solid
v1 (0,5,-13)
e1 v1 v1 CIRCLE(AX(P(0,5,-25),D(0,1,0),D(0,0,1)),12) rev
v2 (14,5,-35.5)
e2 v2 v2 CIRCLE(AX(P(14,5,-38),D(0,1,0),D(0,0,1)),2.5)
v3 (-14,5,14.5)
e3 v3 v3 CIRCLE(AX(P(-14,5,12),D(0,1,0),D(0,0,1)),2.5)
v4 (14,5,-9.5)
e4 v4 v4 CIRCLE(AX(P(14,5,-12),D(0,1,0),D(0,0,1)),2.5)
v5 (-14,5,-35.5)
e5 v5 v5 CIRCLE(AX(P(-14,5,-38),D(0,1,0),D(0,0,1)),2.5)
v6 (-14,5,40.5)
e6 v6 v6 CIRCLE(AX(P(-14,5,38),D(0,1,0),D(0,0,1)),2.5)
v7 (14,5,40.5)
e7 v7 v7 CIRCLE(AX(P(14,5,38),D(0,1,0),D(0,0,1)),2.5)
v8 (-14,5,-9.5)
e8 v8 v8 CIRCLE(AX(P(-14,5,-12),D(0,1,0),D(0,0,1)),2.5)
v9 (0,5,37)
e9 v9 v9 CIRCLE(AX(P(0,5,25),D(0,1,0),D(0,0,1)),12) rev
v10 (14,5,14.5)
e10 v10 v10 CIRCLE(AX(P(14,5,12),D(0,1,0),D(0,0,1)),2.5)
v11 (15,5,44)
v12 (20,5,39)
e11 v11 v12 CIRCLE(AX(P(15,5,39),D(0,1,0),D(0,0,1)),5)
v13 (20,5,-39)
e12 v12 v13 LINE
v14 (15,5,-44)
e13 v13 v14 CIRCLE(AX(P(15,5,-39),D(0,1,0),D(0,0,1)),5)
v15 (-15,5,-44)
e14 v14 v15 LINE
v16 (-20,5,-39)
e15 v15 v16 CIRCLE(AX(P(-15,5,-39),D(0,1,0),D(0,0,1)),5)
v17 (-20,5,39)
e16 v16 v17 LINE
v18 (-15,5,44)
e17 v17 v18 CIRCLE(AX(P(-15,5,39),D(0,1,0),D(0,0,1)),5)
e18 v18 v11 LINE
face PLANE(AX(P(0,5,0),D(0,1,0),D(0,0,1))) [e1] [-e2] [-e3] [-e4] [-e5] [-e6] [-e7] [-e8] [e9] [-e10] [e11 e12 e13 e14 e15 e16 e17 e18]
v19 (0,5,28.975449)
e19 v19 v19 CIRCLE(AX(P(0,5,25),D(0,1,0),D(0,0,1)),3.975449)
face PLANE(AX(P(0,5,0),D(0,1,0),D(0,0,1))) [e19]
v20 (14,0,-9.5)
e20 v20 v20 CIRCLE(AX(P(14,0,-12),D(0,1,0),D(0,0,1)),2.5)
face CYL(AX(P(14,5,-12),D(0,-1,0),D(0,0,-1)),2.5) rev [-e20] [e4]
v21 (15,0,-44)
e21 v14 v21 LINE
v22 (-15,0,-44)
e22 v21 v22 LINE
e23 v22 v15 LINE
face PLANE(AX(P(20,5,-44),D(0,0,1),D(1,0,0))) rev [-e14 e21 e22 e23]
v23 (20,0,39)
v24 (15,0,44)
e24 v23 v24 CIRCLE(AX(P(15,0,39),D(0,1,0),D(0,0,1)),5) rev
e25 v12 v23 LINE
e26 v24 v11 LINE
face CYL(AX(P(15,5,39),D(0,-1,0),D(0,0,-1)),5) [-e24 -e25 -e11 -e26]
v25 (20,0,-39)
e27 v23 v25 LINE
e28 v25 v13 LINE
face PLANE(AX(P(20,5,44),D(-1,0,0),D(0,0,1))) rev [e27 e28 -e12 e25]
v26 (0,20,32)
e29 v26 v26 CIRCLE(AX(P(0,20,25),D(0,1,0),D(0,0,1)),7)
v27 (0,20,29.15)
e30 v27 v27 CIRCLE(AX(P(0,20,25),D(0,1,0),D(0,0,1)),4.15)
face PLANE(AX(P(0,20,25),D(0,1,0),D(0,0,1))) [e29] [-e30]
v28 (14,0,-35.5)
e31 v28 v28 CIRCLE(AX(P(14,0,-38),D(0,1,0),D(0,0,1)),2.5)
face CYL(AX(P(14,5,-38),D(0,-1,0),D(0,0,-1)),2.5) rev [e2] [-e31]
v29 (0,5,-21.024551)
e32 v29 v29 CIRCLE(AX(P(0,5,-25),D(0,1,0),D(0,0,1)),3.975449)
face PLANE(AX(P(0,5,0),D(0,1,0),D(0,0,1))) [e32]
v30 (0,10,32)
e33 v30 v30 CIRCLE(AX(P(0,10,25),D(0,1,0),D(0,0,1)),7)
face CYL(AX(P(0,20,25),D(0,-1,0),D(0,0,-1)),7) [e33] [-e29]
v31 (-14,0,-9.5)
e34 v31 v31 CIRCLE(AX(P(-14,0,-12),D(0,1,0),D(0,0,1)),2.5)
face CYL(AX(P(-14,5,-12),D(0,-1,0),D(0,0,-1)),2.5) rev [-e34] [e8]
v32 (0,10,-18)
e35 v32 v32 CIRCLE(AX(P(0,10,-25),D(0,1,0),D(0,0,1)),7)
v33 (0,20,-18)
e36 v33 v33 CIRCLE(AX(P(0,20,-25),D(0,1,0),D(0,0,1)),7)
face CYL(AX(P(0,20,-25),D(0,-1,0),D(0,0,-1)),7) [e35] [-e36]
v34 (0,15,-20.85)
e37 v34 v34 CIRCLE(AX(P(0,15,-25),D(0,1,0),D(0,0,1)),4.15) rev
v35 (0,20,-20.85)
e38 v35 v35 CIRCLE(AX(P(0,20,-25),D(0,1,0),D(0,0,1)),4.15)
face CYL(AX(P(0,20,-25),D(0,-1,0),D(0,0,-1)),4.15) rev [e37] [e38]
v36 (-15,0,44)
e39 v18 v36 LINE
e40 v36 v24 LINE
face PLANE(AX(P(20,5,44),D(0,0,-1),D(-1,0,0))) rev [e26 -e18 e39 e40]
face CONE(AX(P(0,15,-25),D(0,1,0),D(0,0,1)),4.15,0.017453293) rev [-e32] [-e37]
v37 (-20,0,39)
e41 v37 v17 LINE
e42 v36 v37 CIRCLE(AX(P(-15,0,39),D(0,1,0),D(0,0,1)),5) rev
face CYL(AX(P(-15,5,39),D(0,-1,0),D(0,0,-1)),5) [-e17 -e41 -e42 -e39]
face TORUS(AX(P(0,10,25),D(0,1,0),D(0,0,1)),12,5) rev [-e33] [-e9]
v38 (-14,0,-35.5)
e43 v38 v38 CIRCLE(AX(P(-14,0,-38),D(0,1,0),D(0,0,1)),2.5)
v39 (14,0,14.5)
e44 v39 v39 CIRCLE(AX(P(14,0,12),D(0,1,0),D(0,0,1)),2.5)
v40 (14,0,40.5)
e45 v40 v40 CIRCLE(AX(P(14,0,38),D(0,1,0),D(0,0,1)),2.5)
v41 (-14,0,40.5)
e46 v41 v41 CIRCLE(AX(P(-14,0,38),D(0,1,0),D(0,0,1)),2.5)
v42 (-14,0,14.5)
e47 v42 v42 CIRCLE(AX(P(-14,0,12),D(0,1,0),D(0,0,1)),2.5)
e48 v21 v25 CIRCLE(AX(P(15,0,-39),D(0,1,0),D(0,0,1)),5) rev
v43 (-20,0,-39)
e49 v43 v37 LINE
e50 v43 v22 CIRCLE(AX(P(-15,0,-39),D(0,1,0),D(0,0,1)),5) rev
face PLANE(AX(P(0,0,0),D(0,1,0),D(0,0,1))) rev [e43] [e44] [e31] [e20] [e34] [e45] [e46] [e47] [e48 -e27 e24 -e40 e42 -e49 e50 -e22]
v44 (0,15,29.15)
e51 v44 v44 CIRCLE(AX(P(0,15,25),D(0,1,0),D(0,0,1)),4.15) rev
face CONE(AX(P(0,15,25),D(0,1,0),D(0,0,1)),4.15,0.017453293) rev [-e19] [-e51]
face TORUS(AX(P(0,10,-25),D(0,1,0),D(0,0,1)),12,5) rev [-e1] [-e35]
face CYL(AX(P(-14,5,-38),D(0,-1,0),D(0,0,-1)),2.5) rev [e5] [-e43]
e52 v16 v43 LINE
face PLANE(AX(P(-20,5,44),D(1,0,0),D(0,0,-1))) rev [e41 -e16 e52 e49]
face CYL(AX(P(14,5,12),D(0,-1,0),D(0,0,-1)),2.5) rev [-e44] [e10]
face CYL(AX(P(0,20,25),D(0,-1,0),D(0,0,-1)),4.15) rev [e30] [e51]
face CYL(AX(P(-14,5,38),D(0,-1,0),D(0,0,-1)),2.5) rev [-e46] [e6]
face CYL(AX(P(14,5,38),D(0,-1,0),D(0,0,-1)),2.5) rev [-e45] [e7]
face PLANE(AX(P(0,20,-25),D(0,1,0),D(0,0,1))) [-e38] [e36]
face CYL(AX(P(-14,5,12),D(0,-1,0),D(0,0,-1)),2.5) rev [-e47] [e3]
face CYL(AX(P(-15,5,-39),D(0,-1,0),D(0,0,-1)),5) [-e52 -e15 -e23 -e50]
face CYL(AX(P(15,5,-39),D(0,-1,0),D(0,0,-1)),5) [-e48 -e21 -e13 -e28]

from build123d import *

# Parameters (mm, degrees)
SKETCH1_W             = 40
SKETCH1_H             = 88
SKETCH1_R             = 2.5
BOSS_EXTRUDE1_DEPTH   = 5
SKETCH2_R             = 7
SKETCH2_R_2           = 4.15
BOSS_EXTRUDE2_DEPTH   = 20
CHAMFER1_SIZE         = 10
CHAMFER1_SIZE2        = 0.174550649
CHAMFER1_PART_2_SIZE  = 10
CHAMFER1_PART_2_SIZE2 = 0.174550649
FILLET1_R             = 5


with BuildPart() as part:
    # Sketch1 → Boss-Extrude1 (new body)
    with BuildSketch(Plane(origin=(0, 0, 0), x_dir=(1, 0, 0), z_dir=(0, 1, 0))):
        Rectangle(SKETCH1_W, SKETCH1_H)
        with Locations((-14, 38)):
            Circle(SKETCH1_R, mode=Mode.SUBTRACT)
        with Locations((14, 38)):
            Circle(SKETCH1_R, mode=Mode.SUBTRACT)
        with Locations((-14, 12)):
            Circle(SKETCH1_R, mode=Mode.SUBTRACT)
        with Locations((14, 12)):
            Circle(SKETCH1_R, mode=Mode.SUBTRACT)
        with Locations((-14, -12)):
            Circle(SKETCH1_R, mode=Mode.SUBTRACT)
        with Locations((-14, -38)):
            Circle(SKETCH1_R, mode=Mode.SUBTRACT)
        with Locations((14, -38)):
            Circle(SKETCH1_R, mode=Mode.SUBTRACT)
        with Locations((14, -12)):
            Circle(SKETCH1_R, mode=Mode.SUBTRACT)
    extrude(amount=BOSS_EXTRUDE1_DEPTH)

    # Sketch2 → Boss-Extrude2 (add)
    with BuildSketch(Plane(origin=(0, 0, 0), x_dir=(1, 0, 0), z_dir=(0, 1, 0))):
        with Locations((0, 25)):
            Circle(SKETCH2_R)
        with Locations((0, 25)):
            Circle(SKETCH2_R_2, mode=Mode.SUBTRACT)
        with Locations((0, -25)):
            Circle(SKETCH2_R)
        with Locations((0, -25)):
            Circle(SKETCH2_R_2, mode=Mode.SUBTRACT)
    extrude(amount=BOSS_EXTRUDE2_DEPTH)

    # Chamfer1
    chamfer1_edges = [part.edges().sort_by_distance(p)[0] for p in [
        (-4.15, 5, 25),
    ]]
    chamfer1_side = [part.faces().sort_by_distance(p)[0] for p in [
        (-4.15, 12.5, 25),
    ]]
    chamfer(chamfer1_edges, length=CHAMFER1_SIZE, length2=CHAMFER1_SIZE2, reference=chamfer1_side[0])

    # Chamfer1 part 2
    chamfer1_part_2_edges = [part.edges().sort_by_distance(p)[0] for p in [
        (-4.15, 5, -25),
    ]]
    chamfer1_part_2_side = [part.faces().sort_by_distance(p)[0] for p in [
        (-4.15, 12.5, -25),
    ]]
    chamfer(chamfer1_part_2_edges, length=CHAMFER1_PART_2_SIZE, length2=CHAMFER1_PART_2_SIZE2, reference=chamfer1_part_2_side[0])

    # Fillet1
    fillet1_edges = [part.edges().sort_by_distance(p)[0] for p in [
        (-7, 5, 25),
        (-7, 5, -25),
        (-20, 2.5, -44),
        (20, 2.5, -44),
        (20, 2.5, 44),
        (-20, 2.5, 44),
    ]]
    fillet(fillet1_edges, radius=FILLET1_R)


solid = part.part
